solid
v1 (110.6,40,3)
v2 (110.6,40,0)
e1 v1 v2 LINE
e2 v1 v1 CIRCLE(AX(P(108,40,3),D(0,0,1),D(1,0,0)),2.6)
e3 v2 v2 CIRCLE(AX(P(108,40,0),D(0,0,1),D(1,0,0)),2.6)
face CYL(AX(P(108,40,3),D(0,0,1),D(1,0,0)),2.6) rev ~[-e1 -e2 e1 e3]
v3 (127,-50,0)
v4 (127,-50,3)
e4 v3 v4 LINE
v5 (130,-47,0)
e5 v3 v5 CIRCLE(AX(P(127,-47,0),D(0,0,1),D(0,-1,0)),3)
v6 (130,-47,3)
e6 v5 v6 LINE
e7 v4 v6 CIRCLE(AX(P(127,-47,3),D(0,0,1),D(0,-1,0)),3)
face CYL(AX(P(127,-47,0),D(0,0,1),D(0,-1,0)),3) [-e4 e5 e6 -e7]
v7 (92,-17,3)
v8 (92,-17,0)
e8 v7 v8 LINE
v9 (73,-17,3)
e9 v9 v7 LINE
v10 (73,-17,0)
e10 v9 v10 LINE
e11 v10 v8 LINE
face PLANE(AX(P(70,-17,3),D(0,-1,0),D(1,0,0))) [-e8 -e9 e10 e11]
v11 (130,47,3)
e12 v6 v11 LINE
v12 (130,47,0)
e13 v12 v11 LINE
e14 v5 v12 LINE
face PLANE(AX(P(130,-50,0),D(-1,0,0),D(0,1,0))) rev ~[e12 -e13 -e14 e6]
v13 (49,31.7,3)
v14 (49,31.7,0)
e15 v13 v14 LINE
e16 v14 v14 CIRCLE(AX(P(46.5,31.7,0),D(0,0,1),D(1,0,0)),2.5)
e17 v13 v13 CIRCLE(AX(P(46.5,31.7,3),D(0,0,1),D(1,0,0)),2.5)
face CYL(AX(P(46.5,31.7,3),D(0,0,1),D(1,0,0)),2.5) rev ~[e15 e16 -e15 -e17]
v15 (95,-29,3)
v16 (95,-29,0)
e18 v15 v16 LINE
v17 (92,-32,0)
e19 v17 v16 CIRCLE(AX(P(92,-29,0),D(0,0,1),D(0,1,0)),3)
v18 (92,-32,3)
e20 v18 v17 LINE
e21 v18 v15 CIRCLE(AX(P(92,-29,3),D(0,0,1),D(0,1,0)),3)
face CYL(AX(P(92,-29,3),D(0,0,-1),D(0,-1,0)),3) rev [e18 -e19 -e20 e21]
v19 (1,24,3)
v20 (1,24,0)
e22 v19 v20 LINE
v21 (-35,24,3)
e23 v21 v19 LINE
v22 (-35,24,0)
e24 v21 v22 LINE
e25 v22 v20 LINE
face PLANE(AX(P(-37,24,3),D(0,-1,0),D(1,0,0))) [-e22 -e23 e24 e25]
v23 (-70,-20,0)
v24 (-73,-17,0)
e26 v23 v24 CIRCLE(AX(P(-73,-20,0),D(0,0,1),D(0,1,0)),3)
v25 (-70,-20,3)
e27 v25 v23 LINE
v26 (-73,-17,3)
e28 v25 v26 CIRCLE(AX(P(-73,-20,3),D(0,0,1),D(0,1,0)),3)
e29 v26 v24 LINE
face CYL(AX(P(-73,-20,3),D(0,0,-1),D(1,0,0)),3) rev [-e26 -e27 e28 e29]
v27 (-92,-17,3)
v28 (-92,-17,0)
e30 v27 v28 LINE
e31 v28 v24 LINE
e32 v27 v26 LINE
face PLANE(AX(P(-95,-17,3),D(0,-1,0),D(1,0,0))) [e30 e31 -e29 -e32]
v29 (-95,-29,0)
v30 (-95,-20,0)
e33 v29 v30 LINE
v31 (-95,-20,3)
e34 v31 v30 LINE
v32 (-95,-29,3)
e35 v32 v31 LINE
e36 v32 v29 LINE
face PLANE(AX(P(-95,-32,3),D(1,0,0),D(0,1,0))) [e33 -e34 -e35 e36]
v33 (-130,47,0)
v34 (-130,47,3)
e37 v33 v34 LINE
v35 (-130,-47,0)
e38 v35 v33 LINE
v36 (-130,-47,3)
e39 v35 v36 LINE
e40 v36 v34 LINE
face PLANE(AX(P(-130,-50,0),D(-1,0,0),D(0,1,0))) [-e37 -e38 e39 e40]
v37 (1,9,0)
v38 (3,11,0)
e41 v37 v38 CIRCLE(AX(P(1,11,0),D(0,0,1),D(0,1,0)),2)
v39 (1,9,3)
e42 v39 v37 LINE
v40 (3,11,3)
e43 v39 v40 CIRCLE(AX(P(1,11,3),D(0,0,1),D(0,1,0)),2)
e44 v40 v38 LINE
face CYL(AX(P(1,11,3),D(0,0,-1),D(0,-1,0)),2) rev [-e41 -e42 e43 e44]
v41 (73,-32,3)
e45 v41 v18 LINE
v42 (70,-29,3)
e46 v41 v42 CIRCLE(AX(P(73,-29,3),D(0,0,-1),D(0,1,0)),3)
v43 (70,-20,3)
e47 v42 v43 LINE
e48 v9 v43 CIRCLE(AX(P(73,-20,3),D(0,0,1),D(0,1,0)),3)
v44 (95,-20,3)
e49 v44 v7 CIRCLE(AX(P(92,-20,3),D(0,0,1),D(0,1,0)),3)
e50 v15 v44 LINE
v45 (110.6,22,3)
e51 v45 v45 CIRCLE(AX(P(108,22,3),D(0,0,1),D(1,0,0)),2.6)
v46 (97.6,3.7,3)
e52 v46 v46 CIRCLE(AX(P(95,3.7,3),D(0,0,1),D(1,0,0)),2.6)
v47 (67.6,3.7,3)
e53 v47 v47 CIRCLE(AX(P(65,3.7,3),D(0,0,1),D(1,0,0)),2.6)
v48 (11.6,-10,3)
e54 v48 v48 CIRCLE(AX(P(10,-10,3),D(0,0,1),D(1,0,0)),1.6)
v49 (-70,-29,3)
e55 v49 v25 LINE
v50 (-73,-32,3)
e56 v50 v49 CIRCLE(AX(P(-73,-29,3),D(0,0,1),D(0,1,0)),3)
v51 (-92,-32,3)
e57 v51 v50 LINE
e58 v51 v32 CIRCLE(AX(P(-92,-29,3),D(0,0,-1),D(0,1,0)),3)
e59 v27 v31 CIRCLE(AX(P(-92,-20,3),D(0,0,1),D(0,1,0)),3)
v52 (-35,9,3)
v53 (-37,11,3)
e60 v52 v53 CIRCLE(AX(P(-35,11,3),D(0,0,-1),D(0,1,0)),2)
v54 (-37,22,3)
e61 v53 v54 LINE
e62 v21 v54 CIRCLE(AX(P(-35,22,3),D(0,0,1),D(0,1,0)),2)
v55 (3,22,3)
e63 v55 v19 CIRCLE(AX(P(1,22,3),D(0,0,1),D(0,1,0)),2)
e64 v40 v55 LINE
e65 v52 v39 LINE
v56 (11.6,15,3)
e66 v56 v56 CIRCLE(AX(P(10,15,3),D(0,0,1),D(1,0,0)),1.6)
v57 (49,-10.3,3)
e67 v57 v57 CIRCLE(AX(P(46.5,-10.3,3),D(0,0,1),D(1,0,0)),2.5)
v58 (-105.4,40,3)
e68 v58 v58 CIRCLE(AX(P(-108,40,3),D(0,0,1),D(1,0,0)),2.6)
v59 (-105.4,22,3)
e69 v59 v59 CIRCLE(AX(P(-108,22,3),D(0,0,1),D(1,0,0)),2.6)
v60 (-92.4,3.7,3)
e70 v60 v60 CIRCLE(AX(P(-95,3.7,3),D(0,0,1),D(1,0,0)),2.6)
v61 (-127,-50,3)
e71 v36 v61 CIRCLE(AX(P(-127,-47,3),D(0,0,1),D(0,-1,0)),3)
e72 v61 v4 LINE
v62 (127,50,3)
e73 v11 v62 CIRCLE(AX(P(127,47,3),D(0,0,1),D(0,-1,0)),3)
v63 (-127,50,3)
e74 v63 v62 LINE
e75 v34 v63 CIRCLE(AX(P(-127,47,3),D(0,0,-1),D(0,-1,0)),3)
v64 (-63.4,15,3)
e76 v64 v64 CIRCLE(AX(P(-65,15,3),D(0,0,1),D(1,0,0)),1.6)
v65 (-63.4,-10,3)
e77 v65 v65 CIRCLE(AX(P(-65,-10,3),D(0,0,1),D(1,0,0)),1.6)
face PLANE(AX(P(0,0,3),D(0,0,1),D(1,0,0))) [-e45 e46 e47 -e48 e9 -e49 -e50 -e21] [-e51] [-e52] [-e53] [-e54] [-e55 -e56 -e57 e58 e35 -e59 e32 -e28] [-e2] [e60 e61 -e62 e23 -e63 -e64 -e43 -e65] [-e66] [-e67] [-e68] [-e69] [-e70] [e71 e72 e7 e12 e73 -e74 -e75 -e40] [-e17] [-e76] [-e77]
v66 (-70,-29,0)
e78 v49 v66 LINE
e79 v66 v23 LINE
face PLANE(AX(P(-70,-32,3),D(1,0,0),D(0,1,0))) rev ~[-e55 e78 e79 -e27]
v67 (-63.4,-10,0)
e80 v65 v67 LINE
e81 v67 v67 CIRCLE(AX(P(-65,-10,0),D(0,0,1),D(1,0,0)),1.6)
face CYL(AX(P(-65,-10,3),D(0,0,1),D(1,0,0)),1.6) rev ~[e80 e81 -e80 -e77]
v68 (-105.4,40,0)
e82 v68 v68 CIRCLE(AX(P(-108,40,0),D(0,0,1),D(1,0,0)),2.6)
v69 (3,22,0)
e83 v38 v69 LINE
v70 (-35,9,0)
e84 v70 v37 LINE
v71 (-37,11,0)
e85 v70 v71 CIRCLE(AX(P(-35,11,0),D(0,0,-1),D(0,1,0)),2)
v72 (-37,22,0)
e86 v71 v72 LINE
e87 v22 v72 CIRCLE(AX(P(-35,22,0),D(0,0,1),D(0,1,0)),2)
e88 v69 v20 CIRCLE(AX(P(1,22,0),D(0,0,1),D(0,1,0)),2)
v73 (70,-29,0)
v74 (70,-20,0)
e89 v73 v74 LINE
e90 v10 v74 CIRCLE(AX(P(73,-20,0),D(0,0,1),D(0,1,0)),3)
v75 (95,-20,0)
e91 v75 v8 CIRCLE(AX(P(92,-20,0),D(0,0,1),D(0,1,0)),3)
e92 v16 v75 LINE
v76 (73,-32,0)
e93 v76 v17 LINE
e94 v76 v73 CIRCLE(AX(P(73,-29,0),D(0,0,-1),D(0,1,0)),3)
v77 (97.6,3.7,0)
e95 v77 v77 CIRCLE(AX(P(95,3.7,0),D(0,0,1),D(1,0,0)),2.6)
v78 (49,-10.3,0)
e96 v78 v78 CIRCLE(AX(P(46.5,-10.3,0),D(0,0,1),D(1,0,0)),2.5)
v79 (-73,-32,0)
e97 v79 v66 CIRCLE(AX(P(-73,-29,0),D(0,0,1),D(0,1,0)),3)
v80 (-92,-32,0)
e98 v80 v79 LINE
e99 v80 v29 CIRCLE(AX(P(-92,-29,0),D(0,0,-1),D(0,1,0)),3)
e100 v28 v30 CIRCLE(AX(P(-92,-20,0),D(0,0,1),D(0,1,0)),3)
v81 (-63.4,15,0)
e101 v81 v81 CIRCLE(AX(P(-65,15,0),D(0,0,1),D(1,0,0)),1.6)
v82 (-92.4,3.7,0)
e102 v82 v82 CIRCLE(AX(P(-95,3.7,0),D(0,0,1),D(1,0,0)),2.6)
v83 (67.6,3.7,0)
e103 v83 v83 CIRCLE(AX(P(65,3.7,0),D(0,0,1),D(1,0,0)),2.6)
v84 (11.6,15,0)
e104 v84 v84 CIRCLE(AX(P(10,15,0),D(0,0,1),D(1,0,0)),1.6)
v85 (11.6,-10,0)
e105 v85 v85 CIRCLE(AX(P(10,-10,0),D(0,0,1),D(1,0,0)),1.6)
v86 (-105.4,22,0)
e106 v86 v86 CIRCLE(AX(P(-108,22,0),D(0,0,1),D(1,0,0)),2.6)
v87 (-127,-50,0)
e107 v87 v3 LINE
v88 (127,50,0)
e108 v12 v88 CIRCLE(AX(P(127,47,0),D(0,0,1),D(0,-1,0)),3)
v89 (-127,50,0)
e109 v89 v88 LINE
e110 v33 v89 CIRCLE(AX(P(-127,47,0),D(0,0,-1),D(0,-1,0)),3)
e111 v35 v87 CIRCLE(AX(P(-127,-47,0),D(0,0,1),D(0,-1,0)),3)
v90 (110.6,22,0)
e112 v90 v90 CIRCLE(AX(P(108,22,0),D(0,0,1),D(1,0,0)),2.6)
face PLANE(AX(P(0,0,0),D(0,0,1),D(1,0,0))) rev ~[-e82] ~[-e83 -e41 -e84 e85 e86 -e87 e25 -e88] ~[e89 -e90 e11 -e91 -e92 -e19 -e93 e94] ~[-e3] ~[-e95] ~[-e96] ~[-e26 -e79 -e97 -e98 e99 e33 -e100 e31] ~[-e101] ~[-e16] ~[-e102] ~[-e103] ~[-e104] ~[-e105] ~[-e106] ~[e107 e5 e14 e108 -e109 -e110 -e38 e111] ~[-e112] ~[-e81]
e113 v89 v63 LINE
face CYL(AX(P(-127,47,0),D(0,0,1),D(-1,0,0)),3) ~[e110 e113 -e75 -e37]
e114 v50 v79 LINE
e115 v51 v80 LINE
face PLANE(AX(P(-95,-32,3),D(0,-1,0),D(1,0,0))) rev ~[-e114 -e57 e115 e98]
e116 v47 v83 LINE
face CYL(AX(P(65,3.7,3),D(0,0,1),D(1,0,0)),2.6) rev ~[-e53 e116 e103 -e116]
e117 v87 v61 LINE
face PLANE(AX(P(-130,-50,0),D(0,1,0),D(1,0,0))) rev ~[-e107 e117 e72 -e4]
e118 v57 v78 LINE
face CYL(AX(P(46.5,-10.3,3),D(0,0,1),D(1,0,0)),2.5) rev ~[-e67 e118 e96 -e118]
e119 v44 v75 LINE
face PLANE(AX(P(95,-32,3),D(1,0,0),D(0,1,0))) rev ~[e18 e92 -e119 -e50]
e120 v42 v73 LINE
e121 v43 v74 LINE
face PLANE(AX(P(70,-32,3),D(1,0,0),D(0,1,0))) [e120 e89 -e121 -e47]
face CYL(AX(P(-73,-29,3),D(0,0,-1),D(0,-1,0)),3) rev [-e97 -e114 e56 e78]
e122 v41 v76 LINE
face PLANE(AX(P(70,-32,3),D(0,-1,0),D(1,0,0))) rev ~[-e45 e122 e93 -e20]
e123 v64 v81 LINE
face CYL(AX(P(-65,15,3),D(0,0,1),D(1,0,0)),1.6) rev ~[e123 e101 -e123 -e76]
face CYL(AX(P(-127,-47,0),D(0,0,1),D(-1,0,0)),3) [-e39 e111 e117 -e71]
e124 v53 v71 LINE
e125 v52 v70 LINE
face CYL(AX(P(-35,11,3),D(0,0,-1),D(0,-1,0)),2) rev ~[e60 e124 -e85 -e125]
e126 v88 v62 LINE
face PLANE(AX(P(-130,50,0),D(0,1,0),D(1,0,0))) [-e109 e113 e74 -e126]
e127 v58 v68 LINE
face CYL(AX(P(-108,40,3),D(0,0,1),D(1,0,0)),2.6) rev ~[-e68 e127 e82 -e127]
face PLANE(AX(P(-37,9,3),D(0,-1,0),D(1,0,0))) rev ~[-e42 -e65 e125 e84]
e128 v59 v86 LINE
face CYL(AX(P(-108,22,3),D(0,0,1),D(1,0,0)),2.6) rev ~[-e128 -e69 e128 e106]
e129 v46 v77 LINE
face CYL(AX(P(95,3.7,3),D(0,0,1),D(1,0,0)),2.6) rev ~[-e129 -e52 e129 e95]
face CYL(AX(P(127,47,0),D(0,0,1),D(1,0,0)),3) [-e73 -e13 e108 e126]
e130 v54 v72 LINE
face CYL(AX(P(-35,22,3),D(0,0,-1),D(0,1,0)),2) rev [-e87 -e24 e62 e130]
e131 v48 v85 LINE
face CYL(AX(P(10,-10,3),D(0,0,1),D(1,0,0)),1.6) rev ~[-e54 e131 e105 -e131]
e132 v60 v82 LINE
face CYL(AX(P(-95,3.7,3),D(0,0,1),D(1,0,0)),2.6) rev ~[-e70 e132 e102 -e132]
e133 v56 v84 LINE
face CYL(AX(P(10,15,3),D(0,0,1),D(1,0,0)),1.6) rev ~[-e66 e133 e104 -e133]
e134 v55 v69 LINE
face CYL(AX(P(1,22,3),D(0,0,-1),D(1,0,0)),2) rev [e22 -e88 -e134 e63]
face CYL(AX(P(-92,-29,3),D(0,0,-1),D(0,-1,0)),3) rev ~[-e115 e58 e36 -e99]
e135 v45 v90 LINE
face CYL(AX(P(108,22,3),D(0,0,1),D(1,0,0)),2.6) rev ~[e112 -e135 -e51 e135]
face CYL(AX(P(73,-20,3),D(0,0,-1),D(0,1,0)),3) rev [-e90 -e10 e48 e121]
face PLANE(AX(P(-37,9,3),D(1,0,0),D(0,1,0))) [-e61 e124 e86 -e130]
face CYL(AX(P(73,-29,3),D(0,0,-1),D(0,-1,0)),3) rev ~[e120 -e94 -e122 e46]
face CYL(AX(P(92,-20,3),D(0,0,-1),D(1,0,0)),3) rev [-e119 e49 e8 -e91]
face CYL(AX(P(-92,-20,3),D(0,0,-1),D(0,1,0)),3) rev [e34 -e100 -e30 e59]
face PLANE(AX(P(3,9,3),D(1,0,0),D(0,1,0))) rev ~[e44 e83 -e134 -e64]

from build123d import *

# Parameters (mm, degrees)
SKETCH_1_W          = 260
SKETCH_1_H          = 100
EXTRUDE_1_DEPTH     = 3
FILLET_1_R          = 3
SKETCH_4_W          = 25
SKETCH_4_H          = 15
CUT_EXTRUDE_3_DEPTH = 500
FILLET_2_R          = 3
SKETCH_6_R          = 1.6
SKETCH_6_W          = 40
SKETCH_6_H          = 15
CUT_EXTRUDE_5_DEPTH = 10
FILLET_4_R          = 2
SKETCH_7_R          = 2.5
CUT_EXTRUDE_6_DEPTH = 10
SKETCH_8_R          = 2.6
CUT_EXTRUDE_7_DEPTH = 10
SKETCH_9_R          = 2.6
CUT_EXTRUDE_8_DEPTH = 10


with BuildPart() as part:
    # 草图1 → 凸台-拉伸1 (new body)
    with BuildSketch(Plane.XY):
        Rectangle(SKETCH_1_W, SKETCH_1_H)
    extrude(amount=EXTRUDE_1_DEPTH)

    # 圆角1
    fillet_1_edges = [part.edges().sort_by_distance(p)[0] for p in [
        (-130, 50, 1.5),
        (130, 50, 1.5),
        (130, -50, 1.5),
        (-130, -50, 1.5),
    ]]
    fillet(fillet_1_edges, radius=FILLET_1_R)

    # 草图4 → 切除-拉伸3 (cut)
    with BuildSketch(Plane.XY.offset(3)):
        with Locations((-82.5, -24.5)):
            Rectangle(SKETCH_4_W, SKETCH_4_H)
        with Locations((82.5, -24.5)):
            Rectangle(SKETCH_4_W, SKETCH_4_H)
    extrude(amount=-CUT_EXTRUDE_3_DEPTH, mode=Mode.SUBTRACT)

    # 圆角2
    fillet_2_edges = [part.edges().sort_by_distance(p)[0] for p in [
        (-95, -32, 1.5),
        (-95, -17, 1.5),
        (-70, -17, 1.5),
        (-70, -32, 1.5),
        (70, -17, 1.5),
        (95, -17, 1.5),
        (95, -32, 1.5),
        (70, -32, 1.5),
    ]]
    fillet(fillet_2_edges, radius=FILLET_2_R)

    # 草图6 → 切除-拉伸5 (cut)
    with BuildSketch(Plane.XY.offset(3)):
        with Locations((-65, 15)):
            Circle(SKETCH_6_R)
        with Locations((10, 15)):
            Circle(SKETCH_6_R)
        with Locations((10, -10)):
            Circle(SKETCH_6_R)
        with Locations((-65, -10)):
            Circle(SKETCH_6_R)
        with Locations((-17, 16.5)):
            Rectangle(SKETCH_6_W, SKETCH_6_H)
    extrude(amount=-CUT_EXTRUDE_5_DEPTH, mode=Mode.SUBTRACT)

    # 圆角4
    fillet_4_edges = [part.edges().sort_by_distance(p)[0] for p in [
        (-37, 9, 1.5),
        (-37, 24, 1.5),
        (3, 24, 1.5),
        (3, 9, 1.5),
    ]]
    fillet(fillet_4_edges, radius=FILLET_4_R)

    # 草图7 → 切除-拉伸6 (cut)
    with BuildSketch(Plane.XY.offset(3)):
        with Locations((46.5, 31.7)):
            Circle(SKETCH_7_R)
        with Locations((46.5, -10.3)):
            Circle(SKETCH_7_R)
    extrude(amount=-CUT_EXTRUDE_6_DEPTH, mode=Mode.SUBTRACT)

    # 草图8 → 切除-拉伸7 (cut)
    with BuildSketch(Plane.XY.offset(3)):
        with Locations((-108, 40)):
            Circle(SKETCH_8_R)
        with Locations((108, 40)):
            Circle(SKETCH_8_R)
        with Locations((-108, 22)):
            Circle(SKETCH_8_R)
        with Locations((108, 22)):
            Circle(SKETCH_8_R)
        with Locations((-95, 3.7)):
            Circle(SKETCH_8_R)
        with Locations((95, 3.7)):
            Circle(SKETCH_8_R)
    extrude(amount=-CUT_EXTRUDE_7_DEPTH, mode=Mode.SUBTRACT)

    # 草图9 → 切除-拉伸8 (cut)
    with BuildSketch(Plane.XY.offset(3)):
        with Locations((65, 3.7)):
            Circle(SKETCH_9_R)
    extrude(amount=-CUT_EXTRUDE_8_DEPTH, mode=Mode.SUBTRACT)


solid = part.part
